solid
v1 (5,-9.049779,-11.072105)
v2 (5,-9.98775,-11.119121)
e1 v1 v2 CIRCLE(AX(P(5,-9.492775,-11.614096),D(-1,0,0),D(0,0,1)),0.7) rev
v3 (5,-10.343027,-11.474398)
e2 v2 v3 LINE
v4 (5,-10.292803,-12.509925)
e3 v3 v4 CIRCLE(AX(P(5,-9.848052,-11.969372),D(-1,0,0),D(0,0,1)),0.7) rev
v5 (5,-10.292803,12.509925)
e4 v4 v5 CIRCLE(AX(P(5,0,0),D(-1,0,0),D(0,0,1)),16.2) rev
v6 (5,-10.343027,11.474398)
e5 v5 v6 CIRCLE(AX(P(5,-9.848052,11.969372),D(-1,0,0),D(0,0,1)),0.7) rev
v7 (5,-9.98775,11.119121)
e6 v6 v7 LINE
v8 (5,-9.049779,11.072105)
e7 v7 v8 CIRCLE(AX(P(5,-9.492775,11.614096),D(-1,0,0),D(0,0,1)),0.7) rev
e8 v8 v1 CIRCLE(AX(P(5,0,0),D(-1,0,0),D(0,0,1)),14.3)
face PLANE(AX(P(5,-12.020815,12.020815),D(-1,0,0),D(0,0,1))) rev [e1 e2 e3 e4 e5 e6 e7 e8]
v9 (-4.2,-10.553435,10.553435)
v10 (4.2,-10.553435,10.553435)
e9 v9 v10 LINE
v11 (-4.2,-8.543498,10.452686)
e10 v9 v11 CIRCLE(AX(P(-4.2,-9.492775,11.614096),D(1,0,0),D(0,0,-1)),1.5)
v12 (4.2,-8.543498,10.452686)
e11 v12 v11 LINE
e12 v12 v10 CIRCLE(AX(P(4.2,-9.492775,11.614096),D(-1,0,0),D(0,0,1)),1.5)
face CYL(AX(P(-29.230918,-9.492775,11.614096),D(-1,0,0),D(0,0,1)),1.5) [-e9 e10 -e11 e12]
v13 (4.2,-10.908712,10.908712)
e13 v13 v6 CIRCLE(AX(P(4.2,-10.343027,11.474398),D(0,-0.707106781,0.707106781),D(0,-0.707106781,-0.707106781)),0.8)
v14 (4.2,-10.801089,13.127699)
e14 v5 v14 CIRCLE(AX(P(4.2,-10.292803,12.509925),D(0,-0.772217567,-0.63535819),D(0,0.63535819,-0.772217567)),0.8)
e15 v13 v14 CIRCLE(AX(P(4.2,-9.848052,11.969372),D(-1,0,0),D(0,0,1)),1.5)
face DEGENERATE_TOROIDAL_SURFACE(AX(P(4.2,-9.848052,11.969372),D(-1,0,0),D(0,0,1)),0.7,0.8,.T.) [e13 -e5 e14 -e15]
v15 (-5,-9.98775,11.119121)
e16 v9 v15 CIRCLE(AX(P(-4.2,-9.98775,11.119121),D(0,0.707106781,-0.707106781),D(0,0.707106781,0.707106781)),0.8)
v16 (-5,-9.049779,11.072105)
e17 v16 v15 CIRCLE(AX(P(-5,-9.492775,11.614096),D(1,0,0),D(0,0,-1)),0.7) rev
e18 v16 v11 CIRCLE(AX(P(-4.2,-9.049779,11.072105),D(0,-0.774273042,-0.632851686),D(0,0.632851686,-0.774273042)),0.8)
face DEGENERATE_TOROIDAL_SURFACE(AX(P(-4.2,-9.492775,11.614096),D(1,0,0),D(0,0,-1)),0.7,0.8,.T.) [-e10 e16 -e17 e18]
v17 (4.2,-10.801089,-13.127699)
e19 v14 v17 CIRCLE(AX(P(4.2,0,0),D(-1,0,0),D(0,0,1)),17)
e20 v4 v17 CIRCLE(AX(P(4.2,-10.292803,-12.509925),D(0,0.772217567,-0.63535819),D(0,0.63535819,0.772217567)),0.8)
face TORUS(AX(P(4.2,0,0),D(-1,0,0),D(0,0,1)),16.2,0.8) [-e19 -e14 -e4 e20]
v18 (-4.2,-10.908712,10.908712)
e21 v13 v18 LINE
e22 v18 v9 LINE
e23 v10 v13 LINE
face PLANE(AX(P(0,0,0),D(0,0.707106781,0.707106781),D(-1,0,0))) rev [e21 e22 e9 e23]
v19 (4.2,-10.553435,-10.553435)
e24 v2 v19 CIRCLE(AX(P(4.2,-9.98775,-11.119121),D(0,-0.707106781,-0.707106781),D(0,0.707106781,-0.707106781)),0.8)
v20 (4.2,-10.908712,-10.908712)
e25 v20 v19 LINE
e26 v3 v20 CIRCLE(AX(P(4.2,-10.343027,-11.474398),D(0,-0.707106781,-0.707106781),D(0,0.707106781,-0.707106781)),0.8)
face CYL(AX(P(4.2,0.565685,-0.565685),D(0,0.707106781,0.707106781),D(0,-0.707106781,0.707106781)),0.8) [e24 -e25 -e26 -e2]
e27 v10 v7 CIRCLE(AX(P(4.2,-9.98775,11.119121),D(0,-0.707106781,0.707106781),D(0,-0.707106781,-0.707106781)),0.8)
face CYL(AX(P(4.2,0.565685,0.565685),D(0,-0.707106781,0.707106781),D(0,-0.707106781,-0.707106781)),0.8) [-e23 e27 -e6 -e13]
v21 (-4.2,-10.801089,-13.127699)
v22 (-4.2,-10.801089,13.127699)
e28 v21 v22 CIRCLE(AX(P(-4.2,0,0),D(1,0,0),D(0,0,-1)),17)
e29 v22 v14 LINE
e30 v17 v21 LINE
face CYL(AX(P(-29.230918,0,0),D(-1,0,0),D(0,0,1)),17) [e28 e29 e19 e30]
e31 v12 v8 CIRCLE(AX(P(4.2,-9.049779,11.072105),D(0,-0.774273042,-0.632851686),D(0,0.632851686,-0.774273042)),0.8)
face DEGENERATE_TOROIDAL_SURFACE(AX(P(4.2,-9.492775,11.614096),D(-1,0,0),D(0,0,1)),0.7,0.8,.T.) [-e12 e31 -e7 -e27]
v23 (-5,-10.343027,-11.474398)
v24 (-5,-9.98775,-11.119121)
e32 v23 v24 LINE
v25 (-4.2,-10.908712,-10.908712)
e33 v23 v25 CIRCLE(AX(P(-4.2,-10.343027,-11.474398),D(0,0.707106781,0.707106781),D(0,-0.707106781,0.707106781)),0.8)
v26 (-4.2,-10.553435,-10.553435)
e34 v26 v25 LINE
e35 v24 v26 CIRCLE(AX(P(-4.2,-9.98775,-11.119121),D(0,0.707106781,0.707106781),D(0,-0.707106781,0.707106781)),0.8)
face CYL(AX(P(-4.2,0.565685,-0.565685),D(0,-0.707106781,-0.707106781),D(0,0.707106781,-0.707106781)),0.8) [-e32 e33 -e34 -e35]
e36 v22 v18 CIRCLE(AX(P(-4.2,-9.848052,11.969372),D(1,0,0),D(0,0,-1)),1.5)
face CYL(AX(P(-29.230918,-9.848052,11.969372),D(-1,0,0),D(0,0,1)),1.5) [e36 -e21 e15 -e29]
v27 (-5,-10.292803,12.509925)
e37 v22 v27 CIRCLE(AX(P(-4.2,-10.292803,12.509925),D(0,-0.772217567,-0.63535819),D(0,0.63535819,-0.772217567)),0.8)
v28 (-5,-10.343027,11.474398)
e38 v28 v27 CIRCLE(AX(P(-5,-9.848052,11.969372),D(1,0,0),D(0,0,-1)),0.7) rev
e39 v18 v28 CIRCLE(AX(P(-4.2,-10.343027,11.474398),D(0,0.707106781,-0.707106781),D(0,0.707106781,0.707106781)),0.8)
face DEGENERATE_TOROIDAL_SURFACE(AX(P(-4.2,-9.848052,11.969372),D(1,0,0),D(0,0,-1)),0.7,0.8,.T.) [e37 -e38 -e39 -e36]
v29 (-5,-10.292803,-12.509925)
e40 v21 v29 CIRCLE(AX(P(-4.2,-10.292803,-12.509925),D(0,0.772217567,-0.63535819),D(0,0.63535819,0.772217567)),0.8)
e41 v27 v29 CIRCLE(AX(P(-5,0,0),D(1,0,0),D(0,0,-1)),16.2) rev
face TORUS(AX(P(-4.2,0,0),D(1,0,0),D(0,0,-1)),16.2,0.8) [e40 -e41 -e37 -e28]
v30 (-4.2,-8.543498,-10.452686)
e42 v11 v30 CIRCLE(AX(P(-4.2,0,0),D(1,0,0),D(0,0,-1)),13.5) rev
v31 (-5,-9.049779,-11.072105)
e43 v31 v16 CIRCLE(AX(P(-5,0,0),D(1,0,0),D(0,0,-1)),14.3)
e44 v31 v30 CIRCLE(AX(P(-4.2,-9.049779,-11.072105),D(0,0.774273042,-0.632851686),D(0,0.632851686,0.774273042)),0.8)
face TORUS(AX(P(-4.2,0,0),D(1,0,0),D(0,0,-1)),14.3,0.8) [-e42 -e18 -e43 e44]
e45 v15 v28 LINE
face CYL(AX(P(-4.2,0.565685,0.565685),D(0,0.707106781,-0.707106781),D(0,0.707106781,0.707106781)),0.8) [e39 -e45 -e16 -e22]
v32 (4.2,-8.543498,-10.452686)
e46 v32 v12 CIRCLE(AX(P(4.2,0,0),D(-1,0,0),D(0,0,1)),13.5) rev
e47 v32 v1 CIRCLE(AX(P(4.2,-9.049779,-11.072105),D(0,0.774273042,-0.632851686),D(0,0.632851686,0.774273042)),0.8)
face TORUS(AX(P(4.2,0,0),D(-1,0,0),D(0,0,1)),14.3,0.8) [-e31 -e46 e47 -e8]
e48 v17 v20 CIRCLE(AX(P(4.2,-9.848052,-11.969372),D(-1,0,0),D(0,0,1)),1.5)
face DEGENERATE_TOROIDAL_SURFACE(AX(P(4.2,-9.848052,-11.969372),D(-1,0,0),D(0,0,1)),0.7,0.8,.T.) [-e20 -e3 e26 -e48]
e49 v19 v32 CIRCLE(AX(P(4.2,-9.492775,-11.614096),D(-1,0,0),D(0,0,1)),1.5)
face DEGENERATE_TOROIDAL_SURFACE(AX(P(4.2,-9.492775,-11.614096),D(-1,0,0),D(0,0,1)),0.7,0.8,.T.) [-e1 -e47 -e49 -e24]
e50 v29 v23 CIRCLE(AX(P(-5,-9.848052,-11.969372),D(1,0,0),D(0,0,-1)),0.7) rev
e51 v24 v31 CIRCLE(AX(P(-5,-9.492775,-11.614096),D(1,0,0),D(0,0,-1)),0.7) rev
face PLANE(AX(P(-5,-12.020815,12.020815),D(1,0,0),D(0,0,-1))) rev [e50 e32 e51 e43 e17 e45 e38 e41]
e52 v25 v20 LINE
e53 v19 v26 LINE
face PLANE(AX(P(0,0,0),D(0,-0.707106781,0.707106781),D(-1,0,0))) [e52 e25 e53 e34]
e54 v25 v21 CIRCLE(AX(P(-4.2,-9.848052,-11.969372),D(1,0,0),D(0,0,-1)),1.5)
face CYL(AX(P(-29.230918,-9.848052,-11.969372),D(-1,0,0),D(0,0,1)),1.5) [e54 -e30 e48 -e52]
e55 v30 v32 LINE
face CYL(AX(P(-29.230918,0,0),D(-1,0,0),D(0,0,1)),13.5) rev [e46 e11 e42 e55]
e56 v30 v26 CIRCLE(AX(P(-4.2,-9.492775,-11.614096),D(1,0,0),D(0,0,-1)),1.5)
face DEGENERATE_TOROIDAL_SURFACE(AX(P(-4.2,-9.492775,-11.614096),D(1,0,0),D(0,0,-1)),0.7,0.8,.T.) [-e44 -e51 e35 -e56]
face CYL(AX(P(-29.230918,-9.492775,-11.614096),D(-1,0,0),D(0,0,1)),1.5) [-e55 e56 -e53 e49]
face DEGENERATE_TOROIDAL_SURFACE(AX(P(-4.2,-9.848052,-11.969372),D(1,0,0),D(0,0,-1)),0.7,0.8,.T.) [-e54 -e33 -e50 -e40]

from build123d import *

# Parameters (mm, degrees)
SKIZZE1_W       = 10
SKIZZE1_H       = 3.5
ROTATION1_ANGLE = 270
VERRUNDUNG1_R   = 1.5
VERRUNDUNG2_R   = 0.8


with BuildPart() as part:
    # Skizze1 → Rotation1 (revolve, symmetric)
    with BuildSketch(Plane.XY) as rotation1_sk:
        with Locations((0, 15.25)):
            Rectangle(SKIZZE1_W, SKIZZE1_H)
    revolve(axis=Axis((-29.230918038, 0, 0), (1, 0, 0)), revolution_arc=ROTATION1_ANGLE / 2)
    revolve(rotation1_sk.sketch, axis=Axis((-29.230918038, 0, 0), (-1, 0, 0)), revolution_arc=ROTATION1_ANGLE / 2)

    # Verrundung1
    verrundung1_edges = [part.edges().sort_by_distance(p)[0] for p in [
        (0, -9.545941546, 9.545941546),
        (0, -12.02081528, -12.02081528),
        (0, -9.545941546, -9.545941546),
        (0, -12.02081528, 12.02081528),
    ]]
    fillet(verrundung1_edges, radius=VERRUNDUNG1_R)

    # Verrundung2
    verrundung2_edges = [part.edges().sort_by_distance(p)[0] for p in [
        (5, 17, 0),
        (-5, 17, 0),
        (-5, -10.731073787, -10.731073787),
        (-5, 13.5, 0),
        (-5, -10.731073787, 10.731073787),
        (-5, -11.346290795, 12.042038249),
        (-5, -9.56786945, 10.115976522),
        (-5, -9.56786945, -10.115976522),
        (-5, -11.346290795, -12.042038249),
        (5, -10.731073787, -10.731073787),
        (5, 13.5, 0),
        (5, -10.731073787, 10.731073787),
        (5, -11.346290795, 12.042038249),
        (5, -9.56786945, 10.115976522),
        (5, -9.56786945, -10.115976522),
        (5, -11.346290795, -12.042038249),
    ]]
    fillet(verrundung2_edges, radius=VERRUNDUNG2_R)


solid = part.part
